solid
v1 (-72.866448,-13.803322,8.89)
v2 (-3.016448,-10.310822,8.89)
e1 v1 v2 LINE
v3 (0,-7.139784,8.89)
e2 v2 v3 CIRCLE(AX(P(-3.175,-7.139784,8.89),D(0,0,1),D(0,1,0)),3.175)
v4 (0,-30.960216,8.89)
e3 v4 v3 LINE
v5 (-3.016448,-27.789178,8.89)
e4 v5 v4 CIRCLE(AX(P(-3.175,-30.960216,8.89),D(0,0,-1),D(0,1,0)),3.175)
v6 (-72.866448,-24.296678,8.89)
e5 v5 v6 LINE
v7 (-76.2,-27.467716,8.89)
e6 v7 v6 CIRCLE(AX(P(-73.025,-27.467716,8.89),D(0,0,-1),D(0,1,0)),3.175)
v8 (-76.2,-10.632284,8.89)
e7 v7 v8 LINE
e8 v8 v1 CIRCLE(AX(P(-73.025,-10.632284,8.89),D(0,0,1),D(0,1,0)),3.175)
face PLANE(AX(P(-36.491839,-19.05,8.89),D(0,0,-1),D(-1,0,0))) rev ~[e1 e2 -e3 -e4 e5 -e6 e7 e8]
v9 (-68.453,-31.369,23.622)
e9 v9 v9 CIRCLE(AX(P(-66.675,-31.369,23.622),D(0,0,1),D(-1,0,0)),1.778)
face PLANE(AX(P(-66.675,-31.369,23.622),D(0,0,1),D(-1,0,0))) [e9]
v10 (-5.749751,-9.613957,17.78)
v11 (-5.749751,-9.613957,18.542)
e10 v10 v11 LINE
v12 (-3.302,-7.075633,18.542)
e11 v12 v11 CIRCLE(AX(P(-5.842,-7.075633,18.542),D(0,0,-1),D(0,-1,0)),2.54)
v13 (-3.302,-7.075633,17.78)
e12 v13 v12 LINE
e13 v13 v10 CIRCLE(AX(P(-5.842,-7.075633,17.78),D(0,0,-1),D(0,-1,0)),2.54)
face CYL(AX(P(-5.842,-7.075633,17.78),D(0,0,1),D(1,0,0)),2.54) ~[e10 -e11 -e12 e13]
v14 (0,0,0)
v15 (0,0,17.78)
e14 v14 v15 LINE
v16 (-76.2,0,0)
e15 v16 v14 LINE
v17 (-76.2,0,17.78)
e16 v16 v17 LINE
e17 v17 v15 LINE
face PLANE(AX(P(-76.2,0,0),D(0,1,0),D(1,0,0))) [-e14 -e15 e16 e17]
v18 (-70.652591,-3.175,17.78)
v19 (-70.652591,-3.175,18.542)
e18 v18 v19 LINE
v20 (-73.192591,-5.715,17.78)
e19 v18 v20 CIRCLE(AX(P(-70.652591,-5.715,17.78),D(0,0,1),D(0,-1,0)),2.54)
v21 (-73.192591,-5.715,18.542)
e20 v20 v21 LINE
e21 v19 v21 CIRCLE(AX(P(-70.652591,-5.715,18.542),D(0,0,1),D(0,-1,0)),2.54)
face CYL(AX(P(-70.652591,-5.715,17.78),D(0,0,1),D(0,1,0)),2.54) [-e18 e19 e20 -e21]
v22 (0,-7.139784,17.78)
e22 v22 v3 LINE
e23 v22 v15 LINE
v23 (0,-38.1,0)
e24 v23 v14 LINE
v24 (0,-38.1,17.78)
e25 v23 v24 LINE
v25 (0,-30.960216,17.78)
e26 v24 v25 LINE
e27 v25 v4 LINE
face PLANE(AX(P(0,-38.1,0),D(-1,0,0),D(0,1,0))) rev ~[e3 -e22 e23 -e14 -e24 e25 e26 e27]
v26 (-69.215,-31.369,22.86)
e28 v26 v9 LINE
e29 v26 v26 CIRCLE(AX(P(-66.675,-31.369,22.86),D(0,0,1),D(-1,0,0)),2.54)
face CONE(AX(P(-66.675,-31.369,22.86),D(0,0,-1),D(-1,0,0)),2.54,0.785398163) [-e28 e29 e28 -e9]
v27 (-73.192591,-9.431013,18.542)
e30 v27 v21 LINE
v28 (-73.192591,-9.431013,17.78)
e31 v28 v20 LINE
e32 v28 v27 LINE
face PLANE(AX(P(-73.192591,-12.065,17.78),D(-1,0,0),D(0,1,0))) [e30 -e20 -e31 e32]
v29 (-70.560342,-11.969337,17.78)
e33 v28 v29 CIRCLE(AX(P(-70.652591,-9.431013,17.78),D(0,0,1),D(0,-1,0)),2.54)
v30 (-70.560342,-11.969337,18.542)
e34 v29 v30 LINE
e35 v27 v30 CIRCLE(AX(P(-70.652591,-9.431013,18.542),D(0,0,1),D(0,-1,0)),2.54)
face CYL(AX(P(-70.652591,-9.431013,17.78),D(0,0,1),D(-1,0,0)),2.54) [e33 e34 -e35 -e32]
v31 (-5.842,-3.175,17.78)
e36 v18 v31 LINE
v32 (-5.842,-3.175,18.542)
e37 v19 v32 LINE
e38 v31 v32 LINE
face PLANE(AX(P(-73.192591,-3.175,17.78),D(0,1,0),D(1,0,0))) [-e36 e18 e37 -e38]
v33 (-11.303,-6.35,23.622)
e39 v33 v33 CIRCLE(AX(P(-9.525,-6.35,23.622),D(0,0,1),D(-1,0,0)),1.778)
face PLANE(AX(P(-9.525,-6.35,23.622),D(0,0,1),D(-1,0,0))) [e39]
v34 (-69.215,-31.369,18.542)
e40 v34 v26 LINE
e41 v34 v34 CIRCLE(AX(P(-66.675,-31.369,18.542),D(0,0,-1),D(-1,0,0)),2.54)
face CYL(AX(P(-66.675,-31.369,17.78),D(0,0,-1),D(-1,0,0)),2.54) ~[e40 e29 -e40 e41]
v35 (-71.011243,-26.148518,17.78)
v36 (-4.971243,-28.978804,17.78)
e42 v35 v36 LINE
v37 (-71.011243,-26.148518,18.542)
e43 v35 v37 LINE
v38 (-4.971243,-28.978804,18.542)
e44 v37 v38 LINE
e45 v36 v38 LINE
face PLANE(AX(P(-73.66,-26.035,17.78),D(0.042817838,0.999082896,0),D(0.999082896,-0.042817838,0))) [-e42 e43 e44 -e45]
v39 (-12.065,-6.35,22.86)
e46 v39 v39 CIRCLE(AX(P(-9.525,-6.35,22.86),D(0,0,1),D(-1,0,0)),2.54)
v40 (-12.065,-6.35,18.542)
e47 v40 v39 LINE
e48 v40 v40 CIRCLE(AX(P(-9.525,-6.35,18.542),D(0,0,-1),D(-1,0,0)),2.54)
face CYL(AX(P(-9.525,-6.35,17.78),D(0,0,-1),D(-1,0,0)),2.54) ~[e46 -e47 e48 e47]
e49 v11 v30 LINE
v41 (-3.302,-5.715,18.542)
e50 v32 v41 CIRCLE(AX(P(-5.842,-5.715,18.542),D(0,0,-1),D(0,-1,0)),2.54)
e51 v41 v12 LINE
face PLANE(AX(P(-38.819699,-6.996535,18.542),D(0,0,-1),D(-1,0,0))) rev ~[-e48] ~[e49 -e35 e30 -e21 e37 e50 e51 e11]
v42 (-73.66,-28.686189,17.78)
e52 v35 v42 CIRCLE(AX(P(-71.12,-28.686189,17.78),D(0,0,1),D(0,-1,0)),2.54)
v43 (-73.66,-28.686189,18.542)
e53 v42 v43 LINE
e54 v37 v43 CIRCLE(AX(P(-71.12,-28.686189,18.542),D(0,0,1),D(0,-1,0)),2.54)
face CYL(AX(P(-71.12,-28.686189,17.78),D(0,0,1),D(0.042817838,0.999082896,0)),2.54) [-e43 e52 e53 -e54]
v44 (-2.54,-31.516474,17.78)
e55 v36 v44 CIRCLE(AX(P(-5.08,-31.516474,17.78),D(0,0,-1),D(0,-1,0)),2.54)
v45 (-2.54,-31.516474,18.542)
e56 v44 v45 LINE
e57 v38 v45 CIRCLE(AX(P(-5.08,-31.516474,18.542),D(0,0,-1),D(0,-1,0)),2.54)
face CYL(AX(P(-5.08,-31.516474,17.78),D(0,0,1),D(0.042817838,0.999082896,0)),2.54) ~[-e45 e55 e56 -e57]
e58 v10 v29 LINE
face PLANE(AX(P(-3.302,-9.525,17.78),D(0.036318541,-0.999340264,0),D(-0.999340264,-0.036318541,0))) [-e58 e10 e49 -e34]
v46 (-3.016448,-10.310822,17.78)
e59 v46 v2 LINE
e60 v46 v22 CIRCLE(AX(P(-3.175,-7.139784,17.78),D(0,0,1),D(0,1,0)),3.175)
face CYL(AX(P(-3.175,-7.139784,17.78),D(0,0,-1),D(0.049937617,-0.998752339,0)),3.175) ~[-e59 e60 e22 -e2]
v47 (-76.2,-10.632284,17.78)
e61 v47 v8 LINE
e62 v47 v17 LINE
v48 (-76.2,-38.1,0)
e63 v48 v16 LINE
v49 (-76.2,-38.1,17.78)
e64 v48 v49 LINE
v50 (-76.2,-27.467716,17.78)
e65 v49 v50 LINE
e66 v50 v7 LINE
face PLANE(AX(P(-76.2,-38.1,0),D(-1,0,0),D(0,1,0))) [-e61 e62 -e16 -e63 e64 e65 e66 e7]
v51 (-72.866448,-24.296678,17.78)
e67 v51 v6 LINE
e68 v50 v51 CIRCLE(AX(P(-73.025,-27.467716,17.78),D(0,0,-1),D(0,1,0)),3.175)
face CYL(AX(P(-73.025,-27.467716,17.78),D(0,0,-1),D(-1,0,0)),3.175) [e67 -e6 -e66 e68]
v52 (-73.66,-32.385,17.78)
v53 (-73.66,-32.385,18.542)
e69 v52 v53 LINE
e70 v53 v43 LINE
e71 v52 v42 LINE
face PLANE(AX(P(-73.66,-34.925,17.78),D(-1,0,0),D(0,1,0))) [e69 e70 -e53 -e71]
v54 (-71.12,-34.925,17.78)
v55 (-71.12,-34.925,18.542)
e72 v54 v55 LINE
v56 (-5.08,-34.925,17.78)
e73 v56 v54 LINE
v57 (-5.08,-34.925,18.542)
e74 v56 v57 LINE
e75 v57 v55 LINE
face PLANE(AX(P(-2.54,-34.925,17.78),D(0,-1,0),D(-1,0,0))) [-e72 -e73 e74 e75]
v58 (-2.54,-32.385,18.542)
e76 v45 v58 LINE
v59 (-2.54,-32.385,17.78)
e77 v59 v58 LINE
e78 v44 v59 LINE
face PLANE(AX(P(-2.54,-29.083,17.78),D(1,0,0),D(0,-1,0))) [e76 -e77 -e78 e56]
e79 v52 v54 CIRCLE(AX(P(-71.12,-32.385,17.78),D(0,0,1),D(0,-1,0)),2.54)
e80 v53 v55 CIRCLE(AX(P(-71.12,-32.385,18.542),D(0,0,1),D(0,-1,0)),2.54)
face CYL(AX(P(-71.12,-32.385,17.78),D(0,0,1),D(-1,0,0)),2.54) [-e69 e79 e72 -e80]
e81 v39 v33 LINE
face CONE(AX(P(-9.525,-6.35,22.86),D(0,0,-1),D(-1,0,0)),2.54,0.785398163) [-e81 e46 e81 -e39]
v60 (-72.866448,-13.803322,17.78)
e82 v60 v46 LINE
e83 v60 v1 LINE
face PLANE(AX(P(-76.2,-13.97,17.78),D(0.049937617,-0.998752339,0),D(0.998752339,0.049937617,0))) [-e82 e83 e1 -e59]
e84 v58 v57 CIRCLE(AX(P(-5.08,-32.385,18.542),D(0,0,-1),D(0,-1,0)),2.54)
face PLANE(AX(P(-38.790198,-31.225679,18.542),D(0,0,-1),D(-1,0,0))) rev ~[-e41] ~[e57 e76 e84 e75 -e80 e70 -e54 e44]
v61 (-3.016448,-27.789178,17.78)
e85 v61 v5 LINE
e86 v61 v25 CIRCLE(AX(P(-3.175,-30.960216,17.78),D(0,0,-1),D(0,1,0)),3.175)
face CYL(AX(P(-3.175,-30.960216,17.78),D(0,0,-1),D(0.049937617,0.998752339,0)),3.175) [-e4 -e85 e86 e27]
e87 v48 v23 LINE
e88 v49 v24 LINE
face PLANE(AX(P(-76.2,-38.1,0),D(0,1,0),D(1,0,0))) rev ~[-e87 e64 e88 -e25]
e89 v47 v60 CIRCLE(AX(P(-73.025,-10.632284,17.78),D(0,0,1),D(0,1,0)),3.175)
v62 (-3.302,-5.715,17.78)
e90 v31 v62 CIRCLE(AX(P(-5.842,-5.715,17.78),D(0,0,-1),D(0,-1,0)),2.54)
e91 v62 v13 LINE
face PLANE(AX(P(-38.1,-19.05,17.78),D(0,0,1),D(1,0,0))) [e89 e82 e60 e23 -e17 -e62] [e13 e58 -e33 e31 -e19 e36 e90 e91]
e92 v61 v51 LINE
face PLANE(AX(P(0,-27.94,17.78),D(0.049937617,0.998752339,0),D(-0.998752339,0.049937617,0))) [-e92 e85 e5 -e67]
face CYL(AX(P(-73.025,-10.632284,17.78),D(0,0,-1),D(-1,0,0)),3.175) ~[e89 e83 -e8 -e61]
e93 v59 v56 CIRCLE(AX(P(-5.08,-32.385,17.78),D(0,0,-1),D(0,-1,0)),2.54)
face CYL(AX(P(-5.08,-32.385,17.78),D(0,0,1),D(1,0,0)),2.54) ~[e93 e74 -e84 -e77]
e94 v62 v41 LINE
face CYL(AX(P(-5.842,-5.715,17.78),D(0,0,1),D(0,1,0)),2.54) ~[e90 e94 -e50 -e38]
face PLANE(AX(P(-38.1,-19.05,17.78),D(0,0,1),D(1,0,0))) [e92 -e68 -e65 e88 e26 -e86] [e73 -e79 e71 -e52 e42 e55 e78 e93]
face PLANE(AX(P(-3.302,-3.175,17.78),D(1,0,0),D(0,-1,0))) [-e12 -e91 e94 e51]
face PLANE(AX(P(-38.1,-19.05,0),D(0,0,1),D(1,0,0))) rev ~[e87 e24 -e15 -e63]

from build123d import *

# Parameters (mm, degrees)
SKETCH1_W           = 76.2
SKETCH1_H           = 38.1
BOSS_EXTRUDE1_DEPTH = 17.78
CUT_EXTRUDE1_DEPTH  = 8.89
FILLET1_R           = 3.175
SKETCH3_R           = 2.54
BOSS_EXTRUDE2_DEPTH = 5.842
CHAMFER1_SIZE       = 0.762
BOSS_EXTRUDE3_DEPTH = 0.762
FILLET2_R           = 2.54
BOSS_EXTRUDE4_DEPTH = 0.762
FILLET3_R           = 2.54


with BuildPart() as part:
    # Sketch1 → Boss-Extrude1 (new body)
    with BuildSketch(Plane.XY):
        with Locations((-38.1, -19.05)):
            Rectangle(SKETCH1_W, SKETCH1_H)
    extrude(amount=BOSS_EXTRUDE1_DEPTH)

    # Sketch2 → Cut-Extrude1 (cut)
    with BuildSketch(Plane.XY.offset(17.78)):
        Polygon((-76.2, -24.13), (-76.2, -13.97), (0, -10.16), (0, -27.94), align=None)
    extrude(amount=-CUT_EXTRUDE1_DEPTH, mode=Mode.SUBTRACT)

    # Fillet1
    fillet1_edges = [part.edges().sort_by_distance(p)[0] for p in [
        (-76.2, -13.97, 13.335),
        (0, -10.16, 13.335),
        (0, -27.94, 13.335),
        (-76.2, -24.13, 13.335),
    ]]
    fillet(fillet1_edges, radius=FILLET1_R)

    # Sketch3 → Boss-Extrude2 (add)
    with BuildSketch(Plane.XY.offset(17.78)):
        with Locations(Location((-9.525, -6.35, 0), (0, 0, 180))):
            Circle(SKETCH3_R)
        with Locations(Location((-66.675, -31.369, 0), (0, 0, 180))):
            Circle(SKETCH3_R)
    extrude(amount=BOSS_EXTRUDE2_DEPTH)

    # Chamfer1
    chamfer1_edges = [part.edges().sort_by_distance(p)[0] for p in [
        (-6.985, -6.35, 23.622),
        (-64.135, -31.369, 23.622),
    ]]
    chamfer(chamfer1_edges, length=CHAMFER1_SIZE)

    # Sketch4 → Boss-Extrude3 (add)
    with BuildSketch(Plane.XY.offset(17.78)):
        Polygon((-73.66, -26.035), (-2.54, -29.083), (-2.54, -34.925), (-73.66, -34.925), align=None)
    extrude(amount=BOSS_EXTRUDE3_DEPTH)

    # Fillet2
    fillet2_edges = [part.edges().sort_by_distance(p)[0] for p in [
        (-73.66, -26.035, 18.161),
        (-73.66, -34.925, 18.161),
        (-2.54, -34.925, 18.161),
        (-2.54, -29.083, 18.161),
    ]]
    fillet(fillet2_edges, radius=FILLET2_R)

    # Sketch5 → Boss-Extrude4 (add)
    with BuildSketch(Plane.XY.offset(17.78)):
        Polygon((-73.192591087, -3.175), (-3.302, -3.175), (-3.302, -9.525), (-73.192591087, -12.065), align=None)
    extrude(amount=BOSS_EXTRUDE4_DEPTH)

    # Fillet3
    fillet3_edges = [part.edges().sort_by_distance(p)[0] for p in [
        (-73.192591087, -3.175, 18.161),
        (-73.192591087, -12.065, 18.161),
        (-3.302, -9.525, 18.161),
        (-3.302, -3.175, 18.161),
    ]]
    fillet(fillet3_edges, radius=FILLET3_R)


solid = part.part
